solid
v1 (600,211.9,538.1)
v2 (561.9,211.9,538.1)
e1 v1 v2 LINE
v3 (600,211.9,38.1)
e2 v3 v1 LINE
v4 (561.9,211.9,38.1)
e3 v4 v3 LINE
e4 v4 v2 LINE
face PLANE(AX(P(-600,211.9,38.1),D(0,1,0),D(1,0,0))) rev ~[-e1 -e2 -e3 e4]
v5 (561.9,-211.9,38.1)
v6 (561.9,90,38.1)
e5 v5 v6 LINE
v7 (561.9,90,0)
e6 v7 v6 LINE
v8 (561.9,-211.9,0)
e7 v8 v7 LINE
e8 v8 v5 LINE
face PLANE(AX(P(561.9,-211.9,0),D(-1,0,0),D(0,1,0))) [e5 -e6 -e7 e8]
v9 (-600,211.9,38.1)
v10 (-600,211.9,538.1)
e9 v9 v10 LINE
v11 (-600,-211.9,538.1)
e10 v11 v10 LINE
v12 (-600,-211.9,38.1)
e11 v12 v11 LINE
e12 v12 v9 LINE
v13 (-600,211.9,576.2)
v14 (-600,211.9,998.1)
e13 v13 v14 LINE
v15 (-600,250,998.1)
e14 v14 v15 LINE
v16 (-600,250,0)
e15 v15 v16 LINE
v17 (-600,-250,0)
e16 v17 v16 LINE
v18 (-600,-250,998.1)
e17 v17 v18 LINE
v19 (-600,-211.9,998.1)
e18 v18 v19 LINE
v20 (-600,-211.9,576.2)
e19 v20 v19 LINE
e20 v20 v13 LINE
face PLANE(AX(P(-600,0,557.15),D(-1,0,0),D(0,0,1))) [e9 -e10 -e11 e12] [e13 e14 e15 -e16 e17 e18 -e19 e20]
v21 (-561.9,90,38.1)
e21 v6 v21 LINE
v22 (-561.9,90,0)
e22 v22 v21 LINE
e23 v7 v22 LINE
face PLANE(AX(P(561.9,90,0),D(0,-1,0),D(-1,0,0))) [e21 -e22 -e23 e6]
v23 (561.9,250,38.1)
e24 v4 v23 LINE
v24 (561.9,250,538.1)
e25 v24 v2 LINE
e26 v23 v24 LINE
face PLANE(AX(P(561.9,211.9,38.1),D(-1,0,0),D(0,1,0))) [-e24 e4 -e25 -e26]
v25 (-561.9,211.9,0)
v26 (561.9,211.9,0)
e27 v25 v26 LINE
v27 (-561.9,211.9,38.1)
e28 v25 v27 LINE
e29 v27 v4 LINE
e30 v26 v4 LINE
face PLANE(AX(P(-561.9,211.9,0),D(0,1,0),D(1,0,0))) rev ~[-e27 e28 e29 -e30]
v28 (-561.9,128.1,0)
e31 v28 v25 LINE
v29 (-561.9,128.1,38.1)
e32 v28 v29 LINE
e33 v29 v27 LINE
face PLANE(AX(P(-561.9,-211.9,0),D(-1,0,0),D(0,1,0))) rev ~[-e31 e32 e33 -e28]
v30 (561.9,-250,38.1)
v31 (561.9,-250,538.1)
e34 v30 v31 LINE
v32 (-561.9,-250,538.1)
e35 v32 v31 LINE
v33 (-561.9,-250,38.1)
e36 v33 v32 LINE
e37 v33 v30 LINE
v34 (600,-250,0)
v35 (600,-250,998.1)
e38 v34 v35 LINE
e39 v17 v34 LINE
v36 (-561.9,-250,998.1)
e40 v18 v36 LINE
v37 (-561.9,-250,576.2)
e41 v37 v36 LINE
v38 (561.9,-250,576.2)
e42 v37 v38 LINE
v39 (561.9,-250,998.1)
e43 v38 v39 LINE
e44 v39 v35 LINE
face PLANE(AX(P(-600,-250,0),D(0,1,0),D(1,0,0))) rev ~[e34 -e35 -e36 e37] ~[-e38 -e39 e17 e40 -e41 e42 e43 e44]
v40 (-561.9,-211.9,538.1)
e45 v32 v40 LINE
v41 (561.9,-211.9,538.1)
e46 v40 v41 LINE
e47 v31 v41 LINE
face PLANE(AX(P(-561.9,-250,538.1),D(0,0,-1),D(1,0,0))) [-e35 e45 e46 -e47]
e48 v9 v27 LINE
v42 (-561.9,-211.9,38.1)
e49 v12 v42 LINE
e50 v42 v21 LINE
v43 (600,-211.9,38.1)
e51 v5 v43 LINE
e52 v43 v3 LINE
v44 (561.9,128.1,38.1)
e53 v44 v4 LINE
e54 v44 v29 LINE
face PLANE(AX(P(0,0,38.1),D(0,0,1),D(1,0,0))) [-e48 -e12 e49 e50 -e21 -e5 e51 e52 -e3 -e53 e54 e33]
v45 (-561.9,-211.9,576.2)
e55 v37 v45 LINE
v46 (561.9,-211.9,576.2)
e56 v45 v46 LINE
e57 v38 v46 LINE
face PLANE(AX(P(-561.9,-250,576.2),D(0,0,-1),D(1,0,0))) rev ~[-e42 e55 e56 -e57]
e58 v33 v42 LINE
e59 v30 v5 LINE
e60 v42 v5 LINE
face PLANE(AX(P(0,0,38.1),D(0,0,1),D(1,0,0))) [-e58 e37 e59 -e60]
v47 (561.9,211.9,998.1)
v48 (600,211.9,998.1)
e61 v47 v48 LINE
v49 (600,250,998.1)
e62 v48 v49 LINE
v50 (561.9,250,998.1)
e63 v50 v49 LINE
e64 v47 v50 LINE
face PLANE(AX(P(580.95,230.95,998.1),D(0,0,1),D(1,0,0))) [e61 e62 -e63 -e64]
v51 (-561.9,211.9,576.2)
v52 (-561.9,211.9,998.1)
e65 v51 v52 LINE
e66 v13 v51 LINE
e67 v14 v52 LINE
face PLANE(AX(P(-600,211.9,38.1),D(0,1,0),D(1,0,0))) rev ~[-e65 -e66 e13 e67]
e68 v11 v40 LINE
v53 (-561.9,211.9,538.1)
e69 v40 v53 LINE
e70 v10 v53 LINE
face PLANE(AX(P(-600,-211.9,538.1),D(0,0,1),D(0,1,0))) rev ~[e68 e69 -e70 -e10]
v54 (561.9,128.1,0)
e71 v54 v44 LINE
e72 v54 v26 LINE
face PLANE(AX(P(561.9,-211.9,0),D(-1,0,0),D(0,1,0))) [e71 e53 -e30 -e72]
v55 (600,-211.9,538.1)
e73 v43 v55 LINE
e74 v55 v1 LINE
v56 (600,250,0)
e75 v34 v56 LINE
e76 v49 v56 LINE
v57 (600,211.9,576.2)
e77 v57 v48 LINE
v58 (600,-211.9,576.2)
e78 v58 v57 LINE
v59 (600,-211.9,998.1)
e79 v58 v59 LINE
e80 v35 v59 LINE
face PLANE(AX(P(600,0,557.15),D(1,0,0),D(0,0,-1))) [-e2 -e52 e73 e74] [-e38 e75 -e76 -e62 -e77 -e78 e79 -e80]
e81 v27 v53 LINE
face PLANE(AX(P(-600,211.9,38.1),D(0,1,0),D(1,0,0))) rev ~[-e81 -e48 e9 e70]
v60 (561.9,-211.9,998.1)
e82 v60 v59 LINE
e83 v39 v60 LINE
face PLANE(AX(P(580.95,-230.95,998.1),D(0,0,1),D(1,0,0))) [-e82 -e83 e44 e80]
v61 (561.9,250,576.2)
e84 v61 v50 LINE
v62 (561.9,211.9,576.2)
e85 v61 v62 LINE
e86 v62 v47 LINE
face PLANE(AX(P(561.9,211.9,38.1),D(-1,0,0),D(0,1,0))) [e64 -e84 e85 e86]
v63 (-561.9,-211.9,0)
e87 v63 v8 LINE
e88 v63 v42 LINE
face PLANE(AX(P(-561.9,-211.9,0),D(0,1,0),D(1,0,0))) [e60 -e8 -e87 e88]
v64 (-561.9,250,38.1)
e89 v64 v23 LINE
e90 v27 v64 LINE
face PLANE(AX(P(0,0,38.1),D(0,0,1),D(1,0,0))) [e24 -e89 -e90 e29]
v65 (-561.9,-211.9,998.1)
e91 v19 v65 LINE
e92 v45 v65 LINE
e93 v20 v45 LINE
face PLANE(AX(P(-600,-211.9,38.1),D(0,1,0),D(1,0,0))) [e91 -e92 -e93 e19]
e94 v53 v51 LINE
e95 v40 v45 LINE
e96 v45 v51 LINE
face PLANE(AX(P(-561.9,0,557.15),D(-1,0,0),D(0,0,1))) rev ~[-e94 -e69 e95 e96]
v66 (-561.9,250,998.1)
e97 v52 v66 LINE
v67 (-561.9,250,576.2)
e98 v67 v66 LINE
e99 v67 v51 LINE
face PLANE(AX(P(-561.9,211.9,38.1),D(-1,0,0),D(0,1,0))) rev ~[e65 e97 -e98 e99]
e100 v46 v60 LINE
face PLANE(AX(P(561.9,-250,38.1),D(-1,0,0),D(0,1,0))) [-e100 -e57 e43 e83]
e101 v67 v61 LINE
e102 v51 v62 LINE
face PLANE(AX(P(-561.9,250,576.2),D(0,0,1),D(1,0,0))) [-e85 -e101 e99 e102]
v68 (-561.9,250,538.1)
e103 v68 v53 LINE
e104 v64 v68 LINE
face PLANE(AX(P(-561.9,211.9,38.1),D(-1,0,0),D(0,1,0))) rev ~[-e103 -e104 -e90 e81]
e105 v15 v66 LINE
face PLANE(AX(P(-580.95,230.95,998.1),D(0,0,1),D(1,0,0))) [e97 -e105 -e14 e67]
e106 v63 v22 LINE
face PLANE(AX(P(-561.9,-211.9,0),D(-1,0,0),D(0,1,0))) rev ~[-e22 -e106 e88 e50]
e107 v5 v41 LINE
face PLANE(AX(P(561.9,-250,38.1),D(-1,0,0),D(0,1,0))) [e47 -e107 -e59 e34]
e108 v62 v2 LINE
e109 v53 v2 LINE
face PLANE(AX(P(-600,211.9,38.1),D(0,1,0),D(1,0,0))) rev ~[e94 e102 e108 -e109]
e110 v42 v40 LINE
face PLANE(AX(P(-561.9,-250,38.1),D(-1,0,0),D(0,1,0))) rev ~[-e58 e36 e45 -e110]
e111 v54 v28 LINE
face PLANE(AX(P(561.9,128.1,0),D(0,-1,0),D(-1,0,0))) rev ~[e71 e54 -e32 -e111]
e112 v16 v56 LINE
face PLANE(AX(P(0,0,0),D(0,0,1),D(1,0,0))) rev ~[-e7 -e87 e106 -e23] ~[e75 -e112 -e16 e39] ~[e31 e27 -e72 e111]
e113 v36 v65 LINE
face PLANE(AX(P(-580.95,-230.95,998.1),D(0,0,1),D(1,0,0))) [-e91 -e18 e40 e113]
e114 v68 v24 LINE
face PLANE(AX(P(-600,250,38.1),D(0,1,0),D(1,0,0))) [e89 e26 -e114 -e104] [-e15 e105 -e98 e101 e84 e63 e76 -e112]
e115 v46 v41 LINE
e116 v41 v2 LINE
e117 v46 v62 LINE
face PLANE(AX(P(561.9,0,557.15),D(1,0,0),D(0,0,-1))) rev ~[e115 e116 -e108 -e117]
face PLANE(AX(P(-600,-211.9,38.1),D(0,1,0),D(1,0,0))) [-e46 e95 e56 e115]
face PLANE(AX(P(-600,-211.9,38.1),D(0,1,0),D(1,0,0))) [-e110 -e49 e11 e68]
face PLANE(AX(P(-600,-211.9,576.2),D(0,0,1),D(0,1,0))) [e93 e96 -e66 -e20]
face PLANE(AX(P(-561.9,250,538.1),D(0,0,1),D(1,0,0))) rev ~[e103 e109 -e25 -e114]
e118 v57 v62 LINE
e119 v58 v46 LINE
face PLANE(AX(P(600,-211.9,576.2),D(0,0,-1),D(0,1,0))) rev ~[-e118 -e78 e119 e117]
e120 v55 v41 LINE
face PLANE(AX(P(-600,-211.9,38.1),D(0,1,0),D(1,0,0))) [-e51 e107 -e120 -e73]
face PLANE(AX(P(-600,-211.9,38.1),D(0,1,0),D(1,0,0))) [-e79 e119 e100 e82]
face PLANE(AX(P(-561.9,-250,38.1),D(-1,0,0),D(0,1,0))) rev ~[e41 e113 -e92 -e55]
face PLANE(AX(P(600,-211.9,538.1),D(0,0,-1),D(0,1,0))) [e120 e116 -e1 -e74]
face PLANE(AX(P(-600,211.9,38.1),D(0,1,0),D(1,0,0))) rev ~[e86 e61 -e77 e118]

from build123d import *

# Parameters (mm, degrees)
CROQUIS1_W              = 1200
CROQUIS1_H              = 500
CROQUIS1_W_2            = 1123.8
CROQUIS1_H_2            = 423.8
SALIENTE_EXTRUIR1_DEPTH = 38.1
CROQUIS2_W              = 38.1
CROQUIS2_H              = 38.1
SALIENTE_EXTRUIR2_DEPTH = 960
CROQUIS3_W              = 1123.8
CROQUIS3_H              = 38.1
SALIENTE_EXTRUIR4_DEPTH = 38.1
CROQUIS4_W              = 1123.8
CROQUIS4_H              = 38.1
SALIENTE_EXTRUIR5_DEPTH = 38.1
CROQUIS5_W              = 1123.8
CROQUIS5_H              = 38.1
SALIENTE_EXTRUIR6_DEPTH = 38.1
CROQUIS6_W              = 38.1
CROQUIS6_H              = 423.8
SALIENTE_EXTRUIR7_DEPTH = 38.1
CROQUIS7_W              = 38.1
CROQUIS7_H              = 423.8
SALIENTE_EXTRUIR8_DEPTH = 38.1


with BuildPart() as part:
    # Croquis1 → Saliente-Extruir1 (new body)
    with BuildSketch(Plane.XY):
        Rectangle(CROQUIS1_W, CROQUIS1_H)
        Rectangle(CROQUIS1_W_2, CROQUIS1_H_2, mode=Mode.SUBTRACT)
    extrude(amount=SALIENTE_EXTRUIR1_DEPTH)

    # Croquis2 → Saliente-Extruir2 (add)
    with BuildSketch(Plane.XY.offset(38.1)):
        with Locations((-580.95, 230.95)):
            Rectangle(CROQUIS2_W, CROQUIS2_H)
        with Locations((-580.95, -230.95)):
            Rectangle(CROQUIS2_W, CROQUIS2_H)
        with Locations((580.95, 230.95)):
            Rectangle(CROQUIS2_W, CROQUIS2_H)
        with Locations((580.95, -230.95)):
            Rectangle(CROQUIS2_W, CROQUIS2_H)
    extrude(amount=SALIENTE_EXTRUIR2_DEPTH)

    # Croquis3 → Saliente-Extruir4 (add)
    with BuildSketch(Plane(origin=(0, 0, 0), x_dir=(-1, 0, 0), z_dir=(0, 0, -1))):
        with Locations((0, 109.05)):
            Rectangle(CROQUIS3_W, CROQUIS3_H)
    extrude(amount=-SALIENTE_EXTRUIR4_DEPTH)

    # Croquis4 → Saliente-Extruir5 (add)
    with BuildSketch(Plane.XZ.offset(250)):
        with Locations((0, 557.15)):
            Rectangle(CROQUIS4_W, CROQUIS4_H)
    extrude(amount=-SALIENTE_EXTRUIR5_DEPTH)

    # Croquis5 → Saliente-Extruir6 (add)
    with BuildSketch(Plane(origin=(0, 250, 0), x_dir=(1, 0, 0), z_dir=(0, 1, 0))):
        with Locations((0, -557.15)):
            Rectangle(CROQUIS5_W, CROQUIS5_H)
    extrude(amount=-SALIENTE_EXTRUIR6_DEPTH)

    # Croquis6 → Saliente-Extruir7 (add)
    with BuildSketch(Plane.ZY.offset(600)):
        with Locations((557.15, 0)):
            Rectangle(CROQUIS6_W, CROQUIS6_H)
    extrude(amount=-SALIENTE_EXTRUIR7_DEPTH)

    # Croquis7 → Saliente-Extruir8 (add)
    with BuildSketch(Plane(origin=(600, 0, 0), x_dir=(0, 0, -1), z_dir=(1, 0, 0))):
        with Locations((-557.15, 0)):
            Rectangle(CROQUIS7_W, CROQUIS7_H)
    extrude(amount=-SALIENTE_EXTRUIR8_DEPTH)


solid = part.part
